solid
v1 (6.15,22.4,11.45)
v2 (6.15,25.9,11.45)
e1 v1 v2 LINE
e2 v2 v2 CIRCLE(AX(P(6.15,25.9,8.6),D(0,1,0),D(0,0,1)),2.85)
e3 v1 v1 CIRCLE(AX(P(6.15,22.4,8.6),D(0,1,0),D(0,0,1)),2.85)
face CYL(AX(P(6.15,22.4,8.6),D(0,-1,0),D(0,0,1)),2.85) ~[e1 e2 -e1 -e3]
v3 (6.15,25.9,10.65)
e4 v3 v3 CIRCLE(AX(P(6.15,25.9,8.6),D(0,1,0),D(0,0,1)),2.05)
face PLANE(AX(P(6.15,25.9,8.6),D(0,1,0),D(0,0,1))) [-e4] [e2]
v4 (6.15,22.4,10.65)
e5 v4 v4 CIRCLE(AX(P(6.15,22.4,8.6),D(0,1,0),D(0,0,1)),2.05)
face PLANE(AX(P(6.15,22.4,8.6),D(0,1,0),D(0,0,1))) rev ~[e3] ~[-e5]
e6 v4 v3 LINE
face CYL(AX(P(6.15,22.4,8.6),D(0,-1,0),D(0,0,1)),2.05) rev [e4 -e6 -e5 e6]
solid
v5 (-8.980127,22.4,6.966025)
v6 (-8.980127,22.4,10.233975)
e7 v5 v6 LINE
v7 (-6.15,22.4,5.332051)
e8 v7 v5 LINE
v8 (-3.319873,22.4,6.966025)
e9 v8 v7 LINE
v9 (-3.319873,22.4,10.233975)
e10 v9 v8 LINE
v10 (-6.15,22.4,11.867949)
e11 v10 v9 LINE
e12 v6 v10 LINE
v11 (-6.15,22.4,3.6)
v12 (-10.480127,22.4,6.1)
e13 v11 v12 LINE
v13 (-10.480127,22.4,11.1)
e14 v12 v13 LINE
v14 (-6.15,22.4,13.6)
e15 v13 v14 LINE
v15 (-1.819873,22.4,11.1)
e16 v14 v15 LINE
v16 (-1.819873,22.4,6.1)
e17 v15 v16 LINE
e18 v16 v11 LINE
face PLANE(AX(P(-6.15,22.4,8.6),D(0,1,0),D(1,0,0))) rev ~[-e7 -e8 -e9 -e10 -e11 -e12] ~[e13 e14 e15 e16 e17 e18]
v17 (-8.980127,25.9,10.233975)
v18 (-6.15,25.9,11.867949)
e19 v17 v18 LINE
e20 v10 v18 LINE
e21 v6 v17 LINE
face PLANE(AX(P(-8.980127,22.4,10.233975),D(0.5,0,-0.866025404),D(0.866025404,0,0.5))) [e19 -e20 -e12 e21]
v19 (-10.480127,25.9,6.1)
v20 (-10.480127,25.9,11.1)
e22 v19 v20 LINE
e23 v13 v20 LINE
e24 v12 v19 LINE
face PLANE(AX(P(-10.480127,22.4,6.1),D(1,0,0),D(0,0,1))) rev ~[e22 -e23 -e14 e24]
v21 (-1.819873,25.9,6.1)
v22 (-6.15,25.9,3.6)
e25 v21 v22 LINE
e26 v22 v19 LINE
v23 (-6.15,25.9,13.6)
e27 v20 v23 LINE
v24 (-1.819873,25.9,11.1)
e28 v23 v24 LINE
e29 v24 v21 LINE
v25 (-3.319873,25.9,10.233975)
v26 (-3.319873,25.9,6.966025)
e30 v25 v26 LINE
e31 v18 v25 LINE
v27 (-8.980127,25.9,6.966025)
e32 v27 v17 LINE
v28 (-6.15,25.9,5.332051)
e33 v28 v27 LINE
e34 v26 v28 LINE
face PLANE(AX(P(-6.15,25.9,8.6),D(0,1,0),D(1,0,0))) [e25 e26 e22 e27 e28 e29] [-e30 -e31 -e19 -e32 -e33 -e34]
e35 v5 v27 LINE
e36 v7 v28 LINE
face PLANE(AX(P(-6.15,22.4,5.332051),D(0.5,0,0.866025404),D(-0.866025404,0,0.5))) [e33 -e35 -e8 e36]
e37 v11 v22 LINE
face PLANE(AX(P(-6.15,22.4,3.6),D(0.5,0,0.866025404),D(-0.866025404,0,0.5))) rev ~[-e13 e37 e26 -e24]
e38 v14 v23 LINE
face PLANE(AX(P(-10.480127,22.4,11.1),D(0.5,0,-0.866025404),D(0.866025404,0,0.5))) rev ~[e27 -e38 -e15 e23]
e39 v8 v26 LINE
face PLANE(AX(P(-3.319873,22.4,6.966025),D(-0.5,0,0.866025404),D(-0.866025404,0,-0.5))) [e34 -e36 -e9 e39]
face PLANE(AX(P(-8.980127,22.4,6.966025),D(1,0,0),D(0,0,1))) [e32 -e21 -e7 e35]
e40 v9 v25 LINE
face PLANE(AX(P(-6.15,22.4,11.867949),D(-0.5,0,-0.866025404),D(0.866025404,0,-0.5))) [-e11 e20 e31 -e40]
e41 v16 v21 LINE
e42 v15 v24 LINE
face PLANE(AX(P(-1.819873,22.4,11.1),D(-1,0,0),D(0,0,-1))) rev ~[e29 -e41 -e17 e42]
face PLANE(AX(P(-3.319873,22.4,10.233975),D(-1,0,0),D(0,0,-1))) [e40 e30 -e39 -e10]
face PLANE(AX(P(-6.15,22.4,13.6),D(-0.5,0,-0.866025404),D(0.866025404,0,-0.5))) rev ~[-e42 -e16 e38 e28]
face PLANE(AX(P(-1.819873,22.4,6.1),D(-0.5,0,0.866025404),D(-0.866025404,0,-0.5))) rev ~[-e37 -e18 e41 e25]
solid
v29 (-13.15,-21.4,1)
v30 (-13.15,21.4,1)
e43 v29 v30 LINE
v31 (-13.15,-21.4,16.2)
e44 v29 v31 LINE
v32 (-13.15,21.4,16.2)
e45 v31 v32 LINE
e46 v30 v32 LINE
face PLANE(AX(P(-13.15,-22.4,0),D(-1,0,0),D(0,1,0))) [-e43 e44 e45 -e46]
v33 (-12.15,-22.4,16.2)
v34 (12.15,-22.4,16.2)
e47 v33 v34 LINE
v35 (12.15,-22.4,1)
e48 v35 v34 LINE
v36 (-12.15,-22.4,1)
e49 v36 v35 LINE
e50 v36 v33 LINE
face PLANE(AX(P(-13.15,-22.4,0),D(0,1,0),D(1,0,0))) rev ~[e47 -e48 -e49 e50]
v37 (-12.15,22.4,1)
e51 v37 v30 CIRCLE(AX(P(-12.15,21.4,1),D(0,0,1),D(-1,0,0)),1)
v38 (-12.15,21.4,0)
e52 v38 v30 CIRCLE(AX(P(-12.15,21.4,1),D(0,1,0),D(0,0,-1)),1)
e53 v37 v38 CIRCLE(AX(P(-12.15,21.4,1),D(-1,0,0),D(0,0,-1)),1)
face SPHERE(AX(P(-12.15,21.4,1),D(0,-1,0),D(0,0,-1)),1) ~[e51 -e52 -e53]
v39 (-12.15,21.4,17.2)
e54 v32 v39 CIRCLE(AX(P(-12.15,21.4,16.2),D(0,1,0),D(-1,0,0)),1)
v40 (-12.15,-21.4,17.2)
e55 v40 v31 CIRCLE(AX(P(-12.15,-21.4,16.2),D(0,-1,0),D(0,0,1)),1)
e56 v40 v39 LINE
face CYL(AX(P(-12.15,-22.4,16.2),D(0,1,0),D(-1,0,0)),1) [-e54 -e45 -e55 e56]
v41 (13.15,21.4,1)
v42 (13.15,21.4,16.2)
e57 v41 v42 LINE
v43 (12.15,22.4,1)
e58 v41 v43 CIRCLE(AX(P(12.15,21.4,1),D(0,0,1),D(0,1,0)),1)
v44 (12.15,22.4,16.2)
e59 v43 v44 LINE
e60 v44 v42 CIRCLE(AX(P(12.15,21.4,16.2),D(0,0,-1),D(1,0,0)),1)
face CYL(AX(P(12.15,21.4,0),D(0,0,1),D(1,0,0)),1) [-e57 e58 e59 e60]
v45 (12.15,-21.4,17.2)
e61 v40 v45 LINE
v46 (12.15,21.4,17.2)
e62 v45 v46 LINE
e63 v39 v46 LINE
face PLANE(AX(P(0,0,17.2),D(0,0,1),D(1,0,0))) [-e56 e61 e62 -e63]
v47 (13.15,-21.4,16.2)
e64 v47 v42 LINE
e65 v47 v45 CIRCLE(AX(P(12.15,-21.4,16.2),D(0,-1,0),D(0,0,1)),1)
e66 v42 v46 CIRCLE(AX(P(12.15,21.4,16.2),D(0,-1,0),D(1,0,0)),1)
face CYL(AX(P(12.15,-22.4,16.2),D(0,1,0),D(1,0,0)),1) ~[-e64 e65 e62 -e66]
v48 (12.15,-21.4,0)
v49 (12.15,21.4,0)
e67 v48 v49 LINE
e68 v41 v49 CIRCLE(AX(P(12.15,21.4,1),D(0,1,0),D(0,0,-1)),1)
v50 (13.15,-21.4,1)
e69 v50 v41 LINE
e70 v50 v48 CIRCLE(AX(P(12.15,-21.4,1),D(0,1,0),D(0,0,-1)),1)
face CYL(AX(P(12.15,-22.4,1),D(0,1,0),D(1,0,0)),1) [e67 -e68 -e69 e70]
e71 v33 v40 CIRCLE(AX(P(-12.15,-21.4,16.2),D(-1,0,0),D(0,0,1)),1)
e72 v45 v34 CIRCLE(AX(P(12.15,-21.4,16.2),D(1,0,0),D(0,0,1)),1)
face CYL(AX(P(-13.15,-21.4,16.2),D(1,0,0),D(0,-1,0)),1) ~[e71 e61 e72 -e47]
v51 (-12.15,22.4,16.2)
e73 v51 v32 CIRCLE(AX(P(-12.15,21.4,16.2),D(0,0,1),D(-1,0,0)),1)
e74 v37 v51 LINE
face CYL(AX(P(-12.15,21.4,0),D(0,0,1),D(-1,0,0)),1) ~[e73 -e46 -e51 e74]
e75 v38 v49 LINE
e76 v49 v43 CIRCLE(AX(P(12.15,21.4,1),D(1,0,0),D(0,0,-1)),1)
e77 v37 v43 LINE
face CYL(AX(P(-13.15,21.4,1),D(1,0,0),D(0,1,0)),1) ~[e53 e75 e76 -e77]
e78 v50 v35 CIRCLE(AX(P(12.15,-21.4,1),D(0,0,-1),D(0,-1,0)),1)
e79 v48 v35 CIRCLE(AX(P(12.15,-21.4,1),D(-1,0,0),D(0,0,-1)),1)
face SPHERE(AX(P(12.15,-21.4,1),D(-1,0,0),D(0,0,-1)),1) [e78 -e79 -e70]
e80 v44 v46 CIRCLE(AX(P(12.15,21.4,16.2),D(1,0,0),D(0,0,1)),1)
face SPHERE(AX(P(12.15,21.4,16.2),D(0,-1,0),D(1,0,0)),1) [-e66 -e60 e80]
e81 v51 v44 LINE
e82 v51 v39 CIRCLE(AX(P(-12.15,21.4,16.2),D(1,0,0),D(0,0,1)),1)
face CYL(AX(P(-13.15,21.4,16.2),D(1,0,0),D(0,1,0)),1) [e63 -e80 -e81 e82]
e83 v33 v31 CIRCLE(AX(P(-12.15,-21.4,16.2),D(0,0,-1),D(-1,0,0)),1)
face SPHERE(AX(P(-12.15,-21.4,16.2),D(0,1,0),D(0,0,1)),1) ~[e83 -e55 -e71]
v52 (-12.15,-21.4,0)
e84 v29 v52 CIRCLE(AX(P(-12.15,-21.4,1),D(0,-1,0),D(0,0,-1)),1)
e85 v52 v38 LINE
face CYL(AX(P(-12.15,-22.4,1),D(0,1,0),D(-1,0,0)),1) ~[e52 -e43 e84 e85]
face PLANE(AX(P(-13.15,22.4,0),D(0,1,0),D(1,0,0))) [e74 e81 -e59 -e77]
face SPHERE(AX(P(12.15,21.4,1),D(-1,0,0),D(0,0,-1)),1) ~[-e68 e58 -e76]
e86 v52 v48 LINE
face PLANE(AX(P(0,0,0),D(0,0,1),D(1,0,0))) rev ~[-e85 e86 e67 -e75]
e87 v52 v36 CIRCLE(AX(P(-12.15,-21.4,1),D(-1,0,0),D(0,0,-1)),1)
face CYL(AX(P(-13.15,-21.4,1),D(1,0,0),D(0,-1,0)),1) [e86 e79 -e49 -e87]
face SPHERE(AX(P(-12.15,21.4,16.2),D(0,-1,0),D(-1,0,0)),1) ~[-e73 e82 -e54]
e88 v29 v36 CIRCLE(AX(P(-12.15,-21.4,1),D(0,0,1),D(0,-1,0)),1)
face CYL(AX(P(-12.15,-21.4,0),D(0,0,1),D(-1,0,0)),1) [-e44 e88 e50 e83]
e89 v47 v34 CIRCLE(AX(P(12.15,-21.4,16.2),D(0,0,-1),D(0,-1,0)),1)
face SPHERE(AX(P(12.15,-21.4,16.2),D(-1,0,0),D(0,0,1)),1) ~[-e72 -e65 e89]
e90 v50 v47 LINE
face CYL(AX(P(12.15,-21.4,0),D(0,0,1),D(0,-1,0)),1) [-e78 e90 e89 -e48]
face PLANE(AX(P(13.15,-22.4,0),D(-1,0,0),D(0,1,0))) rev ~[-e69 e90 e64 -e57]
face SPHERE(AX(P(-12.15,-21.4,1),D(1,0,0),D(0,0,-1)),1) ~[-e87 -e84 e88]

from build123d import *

# Parameters (mm, degrees)
CROQUIS1_W                = 26.3
CROQUIS1_H                = 44.8
SALIENTE_EXTRUIR1_DEPTH   = 17.2
REDONDEO1_R               = 1
CROQUIS3_R                = 2.85
CROQUIS3_R_2              = 2.05
SALIENTE_EXTRUIR2_DEPTH   = 3.5
SALIENTE_EXTRUIR2_2_DEPTH = 3.5


with BuildPart() as part:
    # Croquis1 → Saliente-Extruir1 (new body)
    with BuildSketch(Plane.XY):
        Rectangle(CROQUIS1_W, CROQUIS1_H)
    extrude(amount=SALIENTE_EXTRUIR1_DEPTH)

    # Redondeo1
    redondeo1_edges = [part.edges().sort_by_distance(p)[0] for p in [
        (-13.15, 0, 17.2),
        (0, -22.4, 17.2),
        (13.15, 0, 17.2),
        (0, -22.4, 0),
        (-13.15, 0, 0),
        (0, 22.4, 0),
        (13.15, 0, 0),
        (13.15, -22.4, 8.6),
        (-13.15, -22.4, 8.6),
        (-13.15, 22.4, 8.6),
        (13.15, 22.4, 8.6),
        (0, 22.4, 17.2),
    ]]
    fillet(redondeo1_edges, radius=REDONDEO1_R)


with BuildPart() as body_2:
    # Croquis3 → Saliente-Extruir2 (new body)
    with BuildSketch(Plane(origin=(0, 22.4, 0), x_dir=(1, 0, 0), z_dir=(0, 1, 0))):
        with Locations(Location((6.15, -8.6, 0), (0, 0, 270))):
            Circle(CROQUIS3_R)
        with Locations(Location((6.15, -8.6, 0), (0, 0, 270))):
            Circle(CROQUIS3_R_2, mode=Mode.SUBTRACT)
    extrude(amount=SALIENTE_EXTRUIR2_DEPTH)


with BuildPart() as body_3:
    # Croquis3 → Saliente-Extruir2 2 (new body)
    with BuildSketch(Plane(origin=(0, 22.4, 0), x_dir=(1, 0, 0), z_dir=(0, 1, 0))):
        Polygon((-1.819872981, -11.1), (-1.819872981, -6.1), (-6.15, -3.6), (-10.480127019, -6.1), (-10.480127019, -11.1), (-6.15, -13.6), align=None)
        Polygon((-3.319872981, -6.966025404), (-6.15, -5.332050808), (-8.980127019, -6.966025404), (-8.980127019, -10.233974596), (-6.15, -11.867949192), (-3.319872981, -10.233974596), align=None, mode=Mode.SUBTRACT)
    extrude(amount=SALIENTE_EXTRUIR2_2_DEPTH)


solid = Compound([part.part, body_2.part, body_3.part])
